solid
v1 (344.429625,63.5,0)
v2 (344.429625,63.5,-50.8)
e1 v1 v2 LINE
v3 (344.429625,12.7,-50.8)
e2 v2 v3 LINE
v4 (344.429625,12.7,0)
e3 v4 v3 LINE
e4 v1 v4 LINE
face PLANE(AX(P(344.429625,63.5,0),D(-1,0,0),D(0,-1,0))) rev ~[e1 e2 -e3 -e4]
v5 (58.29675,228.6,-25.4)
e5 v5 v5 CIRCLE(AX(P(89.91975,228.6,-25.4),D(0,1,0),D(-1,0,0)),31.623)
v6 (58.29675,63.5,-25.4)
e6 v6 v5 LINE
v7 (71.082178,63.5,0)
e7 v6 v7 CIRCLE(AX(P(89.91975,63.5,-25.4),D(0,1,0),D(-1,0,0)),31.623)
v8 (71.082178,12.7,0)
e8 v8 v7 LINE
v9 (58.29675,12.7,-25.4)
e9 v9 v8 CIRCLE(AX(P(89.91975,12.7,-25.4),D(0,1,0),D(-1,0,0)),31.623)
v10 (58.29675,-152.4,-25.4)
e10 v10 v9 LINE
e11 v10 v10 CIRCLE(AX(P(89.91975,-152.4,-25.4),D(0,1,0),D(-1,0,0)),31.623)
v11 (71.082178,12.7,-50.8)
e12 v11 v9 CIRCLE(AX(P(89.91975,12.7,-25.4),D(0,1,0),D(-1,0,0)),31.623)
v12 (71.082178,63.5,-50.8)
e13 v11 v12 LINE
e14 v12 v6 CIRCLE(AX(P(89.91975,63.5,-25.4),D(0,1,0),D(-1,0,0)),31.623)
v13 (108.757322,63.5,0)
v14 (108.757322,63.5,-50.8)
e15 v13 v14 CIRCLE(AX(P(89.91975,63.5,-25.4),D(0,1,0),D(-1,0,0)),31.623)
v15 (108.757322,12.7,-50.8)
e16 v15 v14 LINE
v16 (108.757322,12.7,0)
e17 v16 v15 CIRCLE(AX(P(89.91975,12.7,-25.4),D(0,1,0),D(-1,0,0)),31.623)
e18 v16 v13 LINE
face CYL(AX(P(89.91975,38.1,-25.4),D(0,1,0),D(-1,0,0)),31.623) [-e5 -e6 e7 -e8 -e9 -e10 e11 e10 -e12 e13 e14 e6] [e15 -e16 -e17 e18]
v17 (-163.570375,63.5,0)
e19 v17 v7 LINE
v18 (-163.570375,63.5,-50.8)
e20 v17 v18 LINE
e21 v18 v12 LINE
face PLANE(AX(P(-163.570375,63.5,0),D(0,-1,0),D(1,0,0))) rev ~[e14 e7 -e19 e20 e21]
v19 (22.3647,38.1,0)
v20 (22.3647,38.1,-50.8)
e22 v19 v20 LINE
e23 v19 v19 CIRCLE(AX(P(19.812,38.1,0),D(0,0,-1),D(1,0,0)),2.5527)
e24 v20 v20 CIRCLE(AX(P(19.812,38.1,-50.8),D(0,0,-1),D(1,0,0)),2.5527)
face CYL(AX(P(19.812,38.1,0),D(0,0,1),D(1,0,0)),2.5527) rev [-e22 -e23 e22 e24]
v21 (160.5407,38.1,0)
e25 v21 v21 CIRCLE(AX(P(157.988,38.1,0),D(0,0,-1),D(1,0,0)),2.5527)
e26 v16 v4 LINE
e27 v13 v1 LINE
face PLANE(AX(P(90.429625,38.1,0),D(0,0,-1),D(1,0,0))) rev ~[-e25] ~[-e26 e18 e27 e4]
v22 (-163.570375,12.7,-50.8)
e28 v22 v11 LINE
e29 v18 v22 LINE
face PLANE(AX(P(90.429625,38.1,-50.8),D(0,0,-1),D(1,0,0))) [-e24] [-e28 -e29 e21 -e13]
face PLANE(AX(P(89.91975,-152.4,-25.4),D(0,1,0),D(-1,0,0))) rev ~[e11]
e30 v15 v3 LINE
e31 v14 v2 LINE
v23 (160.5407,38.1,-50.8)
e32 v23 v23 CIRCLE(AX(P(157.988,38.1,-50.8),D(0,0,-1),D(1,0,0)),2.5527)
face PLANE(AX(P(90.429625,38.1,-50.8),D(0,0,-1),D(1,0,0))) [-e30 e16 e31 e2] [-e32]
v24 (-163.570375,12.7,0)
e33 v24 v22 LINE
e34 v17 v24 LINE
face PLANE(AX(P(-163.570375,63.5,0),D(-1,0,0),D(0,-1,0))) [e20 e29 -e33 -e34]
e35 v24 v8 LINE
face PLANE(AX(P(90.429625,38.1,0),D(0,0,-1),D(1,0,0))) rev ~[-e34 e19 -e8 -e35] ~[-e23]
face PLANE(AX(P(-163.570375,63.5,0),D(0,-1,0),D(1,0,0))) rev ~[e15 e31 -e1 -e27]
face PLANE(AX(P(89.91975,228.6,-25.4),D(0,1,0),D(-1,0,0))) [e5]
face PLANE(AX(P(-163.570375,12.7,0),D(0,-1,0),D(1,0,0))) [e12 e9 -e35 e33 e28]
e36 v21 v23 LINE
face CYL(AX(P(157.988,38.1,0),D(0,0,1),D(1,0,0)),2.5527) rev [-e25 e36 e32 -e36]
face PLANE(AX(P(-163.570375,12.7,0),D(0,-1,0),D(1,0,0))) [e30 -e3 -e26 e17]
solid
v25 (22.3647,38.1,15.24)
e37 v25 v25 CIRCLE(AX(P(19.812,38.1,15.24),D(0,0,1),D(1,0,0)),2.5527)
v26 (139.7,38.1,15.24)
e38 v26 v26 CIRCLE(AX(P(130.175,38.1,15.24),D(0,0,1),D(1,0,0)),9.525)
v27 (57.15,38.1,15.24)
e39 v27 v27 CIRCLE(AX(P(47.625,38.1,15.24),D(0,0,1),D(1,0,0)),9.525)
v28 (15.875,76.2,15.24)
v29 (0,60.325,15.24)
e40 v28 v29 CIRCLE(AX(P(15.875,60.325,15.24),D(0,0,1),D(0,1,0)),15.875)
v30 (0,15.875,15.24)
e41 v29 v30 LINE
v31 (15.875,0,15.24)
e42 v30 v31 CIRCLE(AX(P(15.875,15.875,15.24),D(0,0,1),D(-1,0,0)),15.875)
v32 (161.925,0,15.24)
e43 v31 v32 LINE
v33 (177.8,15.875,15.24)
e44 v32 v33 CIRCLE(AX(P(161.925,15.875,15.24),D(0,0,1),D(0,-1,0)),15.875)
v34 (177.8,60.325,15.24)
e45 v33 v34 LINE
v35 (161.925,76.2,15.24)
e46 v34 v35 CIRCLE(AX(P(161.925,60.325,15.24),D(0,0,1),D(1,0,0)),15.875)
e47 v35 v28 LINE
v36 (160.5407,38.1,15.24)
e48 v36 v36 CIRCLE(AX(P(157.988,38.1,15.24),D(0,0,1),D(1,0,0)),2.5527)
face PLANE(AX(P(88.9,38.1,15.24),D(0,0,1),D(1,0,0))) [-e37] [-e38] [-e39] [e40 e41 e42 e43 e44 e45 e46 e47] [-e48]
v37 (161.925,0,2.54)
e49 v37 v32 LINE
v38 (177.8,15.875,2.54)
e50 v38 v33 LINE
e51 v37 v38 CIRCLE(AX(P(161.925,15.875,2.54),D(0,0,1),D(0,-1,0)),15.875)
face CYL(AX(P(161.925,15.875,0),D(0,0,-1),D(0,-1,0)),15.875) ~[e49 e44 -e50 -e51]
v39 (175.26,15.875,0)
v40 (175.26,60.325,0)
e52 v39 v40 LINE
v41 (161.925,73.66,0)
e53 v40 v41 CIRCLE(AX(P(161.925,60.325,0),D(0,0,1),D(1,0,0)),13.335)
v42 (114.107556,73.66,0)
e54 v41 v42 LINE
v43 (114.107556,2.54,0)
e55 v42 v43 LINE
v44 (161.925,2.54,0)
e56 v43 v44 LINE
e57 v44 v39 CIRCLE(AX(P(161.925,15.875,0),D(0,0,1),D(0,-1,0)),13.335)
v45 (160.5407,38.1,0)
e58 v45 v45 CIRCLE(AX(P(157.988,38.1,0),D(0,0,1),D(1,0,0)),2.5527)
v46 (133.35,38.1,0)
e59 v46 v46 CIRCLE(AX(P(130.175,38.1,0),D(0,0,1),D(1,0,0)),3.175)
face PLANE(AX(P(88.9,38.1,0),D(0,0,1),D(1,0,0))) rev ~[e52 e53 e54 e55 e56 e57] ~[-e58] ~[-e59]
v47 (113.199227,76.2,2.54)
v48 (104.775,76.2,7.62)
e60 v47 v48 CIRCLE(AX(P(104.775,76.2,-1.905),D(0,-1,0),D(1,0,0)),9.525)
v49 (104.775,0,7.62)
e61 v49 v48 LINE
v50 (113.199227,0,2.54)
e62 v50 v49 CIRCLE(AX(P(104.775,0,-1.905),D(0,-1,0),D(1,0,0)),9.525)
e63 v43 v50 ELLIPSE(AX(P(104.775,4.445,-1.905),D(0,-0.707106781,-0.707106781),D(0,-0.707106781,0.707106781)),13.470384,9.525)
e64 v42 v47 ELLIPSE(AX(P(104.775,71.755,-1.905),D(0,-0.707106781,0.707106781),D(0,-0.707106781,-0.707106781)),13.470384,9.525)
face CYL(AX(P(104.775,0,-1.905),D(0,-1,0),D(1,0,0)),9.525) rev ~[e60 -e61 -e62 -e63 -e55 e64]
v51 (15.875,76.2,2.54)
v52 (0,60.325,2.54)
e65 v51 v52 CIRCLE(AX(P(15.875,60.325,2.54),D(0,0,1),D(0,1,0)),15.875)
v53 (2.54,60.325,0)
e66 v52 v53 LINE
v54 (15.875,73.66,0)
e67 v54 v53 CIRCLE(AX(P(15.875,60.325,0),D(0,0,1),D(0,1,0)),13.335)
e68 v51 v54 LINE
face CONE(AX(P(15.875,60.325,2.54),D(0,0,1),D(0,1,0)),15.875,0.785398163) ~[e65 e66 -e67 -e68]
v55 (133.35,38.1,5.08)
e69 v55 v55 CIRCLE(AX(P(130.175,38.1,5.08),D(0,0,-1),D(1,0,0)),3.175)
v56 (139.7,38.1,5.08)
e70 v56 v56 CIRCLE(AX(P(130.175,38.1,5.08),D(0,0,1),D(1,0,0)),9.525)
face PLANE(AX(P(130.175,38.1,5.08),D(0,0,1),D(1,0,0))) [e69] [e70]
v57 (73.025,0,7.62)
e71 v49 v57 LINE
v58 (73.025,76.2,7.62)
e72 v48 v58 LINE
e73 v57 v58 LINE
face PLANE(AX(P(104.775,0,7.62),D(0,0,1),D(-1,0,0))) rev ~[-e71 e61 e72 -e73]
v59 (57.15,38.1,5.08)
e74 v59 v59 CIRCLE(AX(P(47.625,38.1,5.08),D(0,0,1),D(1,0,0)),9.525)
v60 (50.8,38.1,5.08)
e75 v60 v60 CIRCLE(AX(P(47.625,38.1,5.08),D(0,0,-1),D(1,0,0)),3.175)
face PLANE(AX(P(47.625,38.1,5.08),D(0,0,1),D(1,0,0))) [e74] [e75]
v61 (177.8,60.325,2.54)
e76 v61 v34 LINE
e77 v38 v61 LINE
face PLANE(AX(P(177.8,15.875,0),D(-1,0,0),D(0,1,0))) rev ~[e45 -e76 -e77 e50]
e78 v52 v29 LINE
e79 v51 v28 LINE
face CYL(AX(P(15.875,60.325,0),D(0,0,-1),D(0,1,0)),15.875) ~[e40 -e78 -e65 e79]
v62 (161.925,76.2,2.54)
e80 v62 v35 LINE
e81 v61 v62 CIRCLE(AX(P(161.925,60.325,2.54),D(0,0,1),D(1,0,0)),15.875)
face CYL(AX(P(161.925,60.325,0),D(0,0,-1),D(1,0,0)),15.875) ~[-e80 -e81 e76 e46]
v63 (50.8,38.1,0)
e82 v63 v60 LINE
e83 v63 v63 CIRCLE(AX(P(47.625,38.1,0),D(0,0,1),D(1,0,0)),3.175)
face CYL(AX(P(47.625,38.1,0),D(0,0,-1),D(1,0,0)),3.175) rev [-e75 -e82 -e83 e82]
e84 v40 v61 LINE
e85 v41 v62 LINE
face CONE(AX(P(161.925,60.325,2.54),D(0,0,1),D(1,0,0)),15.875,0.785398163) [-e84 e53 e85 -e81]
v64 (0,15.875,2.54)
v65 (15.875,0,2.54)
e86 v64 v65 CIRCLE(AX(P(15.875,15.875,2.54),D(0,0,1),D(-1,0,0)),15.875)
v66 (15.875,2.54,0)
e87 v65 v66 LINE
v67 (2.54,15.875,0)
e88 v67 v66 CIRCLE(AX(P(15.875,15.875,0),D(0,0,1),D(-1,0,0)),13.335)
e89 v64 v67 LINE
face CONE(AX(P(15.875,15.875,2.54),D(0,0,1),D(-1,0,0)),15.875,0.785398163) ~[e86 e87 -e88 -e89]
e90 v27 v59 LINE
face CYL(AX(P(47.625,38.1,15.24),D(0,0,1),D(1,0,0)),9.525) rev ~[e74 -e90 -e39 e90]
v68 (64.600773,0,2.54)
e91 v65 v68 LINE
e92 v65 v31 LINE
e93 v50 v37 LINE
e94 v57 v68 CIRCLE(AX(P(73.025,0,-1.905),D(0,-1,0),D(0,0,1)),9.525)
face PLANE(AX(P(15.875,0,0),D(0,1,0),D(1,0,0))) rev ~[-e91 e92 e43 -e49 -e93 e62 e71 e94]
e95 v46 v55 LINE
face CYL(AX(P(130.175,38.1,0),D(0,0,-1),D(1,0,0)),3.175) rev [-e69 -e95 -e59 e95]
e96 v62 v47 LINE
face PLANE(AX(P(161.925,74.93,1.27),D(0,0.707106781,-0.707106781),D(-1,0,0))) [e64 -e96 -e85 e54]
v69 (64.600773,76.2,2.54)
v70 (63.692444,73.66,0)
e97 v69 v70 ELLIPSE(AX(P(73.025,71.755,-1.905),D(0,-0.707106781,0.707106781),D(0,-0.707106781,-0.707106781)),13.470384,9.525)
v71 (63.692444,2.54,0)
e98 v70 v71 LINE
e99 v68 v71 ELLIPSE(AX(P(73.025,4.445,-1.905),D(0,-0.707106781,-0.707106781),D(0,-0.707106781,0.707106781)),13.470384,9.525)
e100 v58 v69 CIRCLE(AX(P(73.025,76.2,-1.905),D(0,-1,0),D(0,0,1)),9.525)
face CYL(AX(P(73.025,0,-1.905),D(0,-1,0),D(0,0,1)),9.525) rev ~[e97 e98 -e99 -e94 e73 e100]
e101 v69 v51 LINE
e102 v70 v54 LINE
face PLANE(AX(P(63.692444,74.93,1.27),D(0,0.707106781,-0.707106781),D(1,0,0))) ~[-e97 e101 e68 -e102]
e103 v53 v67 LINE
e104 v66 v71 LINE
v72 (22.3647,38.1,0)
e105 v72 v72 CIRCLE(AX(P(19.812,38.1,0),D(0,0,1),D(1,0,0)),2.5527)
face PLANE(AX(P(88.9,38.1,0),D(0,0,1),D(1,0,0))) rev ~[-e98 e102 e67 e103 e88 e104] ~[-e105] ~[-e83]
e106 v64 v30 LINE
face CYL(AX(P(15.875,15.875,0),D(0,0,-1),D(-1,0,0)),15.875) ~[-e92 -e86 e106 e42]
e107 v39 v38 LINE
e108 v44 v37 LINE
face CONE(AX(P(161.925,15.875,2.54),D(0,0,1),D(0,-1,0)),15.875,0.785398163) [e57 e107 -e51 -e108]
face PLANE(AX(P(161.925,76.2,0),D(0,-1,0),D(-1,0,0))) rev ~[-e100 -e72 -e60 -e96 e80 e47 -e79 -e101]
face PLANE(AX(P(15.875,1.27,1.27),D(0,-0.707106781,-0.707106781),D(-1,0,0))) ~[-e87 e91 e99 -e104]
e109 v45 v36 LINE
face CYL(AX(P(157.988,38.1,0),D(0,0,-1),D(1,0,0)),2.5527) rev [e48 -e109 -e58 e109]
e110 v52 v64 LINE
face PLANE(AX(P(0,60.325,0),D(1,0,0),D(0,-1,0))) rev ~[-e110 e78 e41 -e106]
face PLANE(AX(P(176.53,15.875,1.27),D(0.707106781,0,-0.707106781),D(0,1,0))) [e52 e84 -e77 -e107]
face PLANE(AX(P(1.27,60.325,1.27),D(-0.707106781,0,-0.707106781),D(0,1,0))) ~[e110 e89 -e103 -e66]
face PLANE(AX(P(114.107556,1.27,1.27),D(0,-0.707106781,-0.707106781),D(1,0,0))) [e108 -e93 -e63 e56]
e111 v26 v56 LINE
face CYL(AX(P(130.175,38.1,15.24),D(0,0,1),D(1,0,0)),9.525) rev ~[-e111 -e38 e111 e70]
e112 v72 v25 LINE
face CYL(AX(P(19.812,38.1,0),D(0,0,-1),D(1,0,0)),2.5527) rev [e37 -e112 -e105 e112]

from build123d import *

# Parameters (mm, degrees)
F0_R      = 2.5527
F0_R_2    = 3.175
F1_DEPTH  = 15.24
F3_DEPTH  = 76.201
F4_SIZE   = 2.54
F5_W      = 508
F5_H      = 50.8
F5_R      = 2.5527
F6_DEPTH  = 50.8
F8_R      = 31.623
F9_DEPTH  = 190.5
F10_R     = 9.525
F11_DEPTH = 10.16


with BuildPart() as f1:
    # F0 (on Top) → F1 (new body)
    with BuildSketch(Plane.XY):
        with BuildLine():
            ThreePointArc((0, 15.875), (4.6496798487, 4.6496798487), (15.875, 0))
            Line((15.875, 0), (161.925, 0))
            ThreePointArc((161.925, 0), (173.1503201513, 4.6496798487), (177.8, 15.875))
            Line((177.8, 15.875), (177.8, 60.325))
            ThreePointArc((177.8, 60.325), (173.1503201513, 71.5503201513), (161.925, 76.2))
            Line((161.925, 76.2), (15.875, 76.2))
            ThreePointArc((15.875, 76.2), (4.6496798487, 71.5503201513), (0, 60.325))
            Line((0, 60.325), (0, 15.875))
        make_face()
        with Locations((19.812, 38.1)):
            Circle(F0_R, mode=Mode.SUBTRACT)
        with Locations((47.625, 38.1)):
            Circle(F0_R_2, mode=Mode.SUBTRACT)
        with Locations((130.175, 38.1)):
            Circle(F0_R_2, mode=Mode.SUBTRACT)
        with Locations((157.988, 38.1)):
            Circle(F0_R, mode=Mode.SUBTRACT)
    extrude(amount=F1_DEPTH)

    # F2 (on face) → F3 (cut, through all)
    with BuildSketch(Plane.XZ):
        with BuildLine():
            Line((104.775, 7.62), (73.025, 7.62))
            ThreePointArc((73.025, 7.62), (66.2898079092, 4.8301920908), (63.5, -1.905))
            Line((63.5, -1.905), (63.5, -16.0088390112))
            Line((63.5, -16.0088390112), (114.3, -16.0088390112))
            Line((114.3, -16.0088390112), (114.3, -1.905))
            ThreePointArc((114.3, -1.905), (111.5101920908, 4.8301920908), (104.775, 7.62))
        make_face()
    extrude(amount=-F3_DEPTH, mode=Mode.SUBTRACT)

    # F4
    f4_edges = [f1.edges().sort_by_distance(p)[0] for p in [
        (39.783722, 0, 0),
        (4.64968, 4.64968, 0),
        (0, 38.1, 0),
        (4.64968, 71.55032, 0),
        (39.783722, 76.2, 0),
        (138.016278, 76.2, 0),
        (173.15032, 71.55032, 0),
        (177.8, 38.1, 0),
        (173.15032, 4.64968, 0),
        (138.016278, 0, 0),
    ]]
    chamfer(f4_edges, length=F4_SIZE)

    # F10 (on face) → F11 (cut)
    with BuildSketch(Plane.XY.offset(15.24)):
        with Locations((130.175, 38.1)):
            Circle(F10_R)
        with Locations((47.625, 38.1)):
            Circle(F10_R)
    extrude(amount=-F11_DEPTH, mode=Mode.SUBTRACT)


with BuildPart() as f6:
    # F5 (on face) → F6 (new body)
    with BuildSketch(Plane(origin=(0, 0, 0), x_dir=(1, 0, 0), z_dir=(0, 0, -1))):
        with Locations((90.429624754, -38.1)):
            Rectangle(F5_W, F5_H)
        with Locations((19.812, -38.1)):
            Circle(F5_R, mode=Mode.SUBTRACT)
        with Locations((157.988, -38.1)):
            Circle(F5_R, mode=Mode.SUBTRACT)
    extrude(amount=F6_DEPTH)

    # F8 (on offset) → F9 (join, symmetric)
    with BuildSketch(Plane(origin=(0, 38.1, 0), x_dir=(-1, 0, 0), z_dir=(0, 1, 0))):
        with Locations((-89.919749836, -25.4)):
            Circle(F8_R)
    extrude(amount=F9_DEPTH, both=True)


solid = Compound([f1.part, f6.part])
